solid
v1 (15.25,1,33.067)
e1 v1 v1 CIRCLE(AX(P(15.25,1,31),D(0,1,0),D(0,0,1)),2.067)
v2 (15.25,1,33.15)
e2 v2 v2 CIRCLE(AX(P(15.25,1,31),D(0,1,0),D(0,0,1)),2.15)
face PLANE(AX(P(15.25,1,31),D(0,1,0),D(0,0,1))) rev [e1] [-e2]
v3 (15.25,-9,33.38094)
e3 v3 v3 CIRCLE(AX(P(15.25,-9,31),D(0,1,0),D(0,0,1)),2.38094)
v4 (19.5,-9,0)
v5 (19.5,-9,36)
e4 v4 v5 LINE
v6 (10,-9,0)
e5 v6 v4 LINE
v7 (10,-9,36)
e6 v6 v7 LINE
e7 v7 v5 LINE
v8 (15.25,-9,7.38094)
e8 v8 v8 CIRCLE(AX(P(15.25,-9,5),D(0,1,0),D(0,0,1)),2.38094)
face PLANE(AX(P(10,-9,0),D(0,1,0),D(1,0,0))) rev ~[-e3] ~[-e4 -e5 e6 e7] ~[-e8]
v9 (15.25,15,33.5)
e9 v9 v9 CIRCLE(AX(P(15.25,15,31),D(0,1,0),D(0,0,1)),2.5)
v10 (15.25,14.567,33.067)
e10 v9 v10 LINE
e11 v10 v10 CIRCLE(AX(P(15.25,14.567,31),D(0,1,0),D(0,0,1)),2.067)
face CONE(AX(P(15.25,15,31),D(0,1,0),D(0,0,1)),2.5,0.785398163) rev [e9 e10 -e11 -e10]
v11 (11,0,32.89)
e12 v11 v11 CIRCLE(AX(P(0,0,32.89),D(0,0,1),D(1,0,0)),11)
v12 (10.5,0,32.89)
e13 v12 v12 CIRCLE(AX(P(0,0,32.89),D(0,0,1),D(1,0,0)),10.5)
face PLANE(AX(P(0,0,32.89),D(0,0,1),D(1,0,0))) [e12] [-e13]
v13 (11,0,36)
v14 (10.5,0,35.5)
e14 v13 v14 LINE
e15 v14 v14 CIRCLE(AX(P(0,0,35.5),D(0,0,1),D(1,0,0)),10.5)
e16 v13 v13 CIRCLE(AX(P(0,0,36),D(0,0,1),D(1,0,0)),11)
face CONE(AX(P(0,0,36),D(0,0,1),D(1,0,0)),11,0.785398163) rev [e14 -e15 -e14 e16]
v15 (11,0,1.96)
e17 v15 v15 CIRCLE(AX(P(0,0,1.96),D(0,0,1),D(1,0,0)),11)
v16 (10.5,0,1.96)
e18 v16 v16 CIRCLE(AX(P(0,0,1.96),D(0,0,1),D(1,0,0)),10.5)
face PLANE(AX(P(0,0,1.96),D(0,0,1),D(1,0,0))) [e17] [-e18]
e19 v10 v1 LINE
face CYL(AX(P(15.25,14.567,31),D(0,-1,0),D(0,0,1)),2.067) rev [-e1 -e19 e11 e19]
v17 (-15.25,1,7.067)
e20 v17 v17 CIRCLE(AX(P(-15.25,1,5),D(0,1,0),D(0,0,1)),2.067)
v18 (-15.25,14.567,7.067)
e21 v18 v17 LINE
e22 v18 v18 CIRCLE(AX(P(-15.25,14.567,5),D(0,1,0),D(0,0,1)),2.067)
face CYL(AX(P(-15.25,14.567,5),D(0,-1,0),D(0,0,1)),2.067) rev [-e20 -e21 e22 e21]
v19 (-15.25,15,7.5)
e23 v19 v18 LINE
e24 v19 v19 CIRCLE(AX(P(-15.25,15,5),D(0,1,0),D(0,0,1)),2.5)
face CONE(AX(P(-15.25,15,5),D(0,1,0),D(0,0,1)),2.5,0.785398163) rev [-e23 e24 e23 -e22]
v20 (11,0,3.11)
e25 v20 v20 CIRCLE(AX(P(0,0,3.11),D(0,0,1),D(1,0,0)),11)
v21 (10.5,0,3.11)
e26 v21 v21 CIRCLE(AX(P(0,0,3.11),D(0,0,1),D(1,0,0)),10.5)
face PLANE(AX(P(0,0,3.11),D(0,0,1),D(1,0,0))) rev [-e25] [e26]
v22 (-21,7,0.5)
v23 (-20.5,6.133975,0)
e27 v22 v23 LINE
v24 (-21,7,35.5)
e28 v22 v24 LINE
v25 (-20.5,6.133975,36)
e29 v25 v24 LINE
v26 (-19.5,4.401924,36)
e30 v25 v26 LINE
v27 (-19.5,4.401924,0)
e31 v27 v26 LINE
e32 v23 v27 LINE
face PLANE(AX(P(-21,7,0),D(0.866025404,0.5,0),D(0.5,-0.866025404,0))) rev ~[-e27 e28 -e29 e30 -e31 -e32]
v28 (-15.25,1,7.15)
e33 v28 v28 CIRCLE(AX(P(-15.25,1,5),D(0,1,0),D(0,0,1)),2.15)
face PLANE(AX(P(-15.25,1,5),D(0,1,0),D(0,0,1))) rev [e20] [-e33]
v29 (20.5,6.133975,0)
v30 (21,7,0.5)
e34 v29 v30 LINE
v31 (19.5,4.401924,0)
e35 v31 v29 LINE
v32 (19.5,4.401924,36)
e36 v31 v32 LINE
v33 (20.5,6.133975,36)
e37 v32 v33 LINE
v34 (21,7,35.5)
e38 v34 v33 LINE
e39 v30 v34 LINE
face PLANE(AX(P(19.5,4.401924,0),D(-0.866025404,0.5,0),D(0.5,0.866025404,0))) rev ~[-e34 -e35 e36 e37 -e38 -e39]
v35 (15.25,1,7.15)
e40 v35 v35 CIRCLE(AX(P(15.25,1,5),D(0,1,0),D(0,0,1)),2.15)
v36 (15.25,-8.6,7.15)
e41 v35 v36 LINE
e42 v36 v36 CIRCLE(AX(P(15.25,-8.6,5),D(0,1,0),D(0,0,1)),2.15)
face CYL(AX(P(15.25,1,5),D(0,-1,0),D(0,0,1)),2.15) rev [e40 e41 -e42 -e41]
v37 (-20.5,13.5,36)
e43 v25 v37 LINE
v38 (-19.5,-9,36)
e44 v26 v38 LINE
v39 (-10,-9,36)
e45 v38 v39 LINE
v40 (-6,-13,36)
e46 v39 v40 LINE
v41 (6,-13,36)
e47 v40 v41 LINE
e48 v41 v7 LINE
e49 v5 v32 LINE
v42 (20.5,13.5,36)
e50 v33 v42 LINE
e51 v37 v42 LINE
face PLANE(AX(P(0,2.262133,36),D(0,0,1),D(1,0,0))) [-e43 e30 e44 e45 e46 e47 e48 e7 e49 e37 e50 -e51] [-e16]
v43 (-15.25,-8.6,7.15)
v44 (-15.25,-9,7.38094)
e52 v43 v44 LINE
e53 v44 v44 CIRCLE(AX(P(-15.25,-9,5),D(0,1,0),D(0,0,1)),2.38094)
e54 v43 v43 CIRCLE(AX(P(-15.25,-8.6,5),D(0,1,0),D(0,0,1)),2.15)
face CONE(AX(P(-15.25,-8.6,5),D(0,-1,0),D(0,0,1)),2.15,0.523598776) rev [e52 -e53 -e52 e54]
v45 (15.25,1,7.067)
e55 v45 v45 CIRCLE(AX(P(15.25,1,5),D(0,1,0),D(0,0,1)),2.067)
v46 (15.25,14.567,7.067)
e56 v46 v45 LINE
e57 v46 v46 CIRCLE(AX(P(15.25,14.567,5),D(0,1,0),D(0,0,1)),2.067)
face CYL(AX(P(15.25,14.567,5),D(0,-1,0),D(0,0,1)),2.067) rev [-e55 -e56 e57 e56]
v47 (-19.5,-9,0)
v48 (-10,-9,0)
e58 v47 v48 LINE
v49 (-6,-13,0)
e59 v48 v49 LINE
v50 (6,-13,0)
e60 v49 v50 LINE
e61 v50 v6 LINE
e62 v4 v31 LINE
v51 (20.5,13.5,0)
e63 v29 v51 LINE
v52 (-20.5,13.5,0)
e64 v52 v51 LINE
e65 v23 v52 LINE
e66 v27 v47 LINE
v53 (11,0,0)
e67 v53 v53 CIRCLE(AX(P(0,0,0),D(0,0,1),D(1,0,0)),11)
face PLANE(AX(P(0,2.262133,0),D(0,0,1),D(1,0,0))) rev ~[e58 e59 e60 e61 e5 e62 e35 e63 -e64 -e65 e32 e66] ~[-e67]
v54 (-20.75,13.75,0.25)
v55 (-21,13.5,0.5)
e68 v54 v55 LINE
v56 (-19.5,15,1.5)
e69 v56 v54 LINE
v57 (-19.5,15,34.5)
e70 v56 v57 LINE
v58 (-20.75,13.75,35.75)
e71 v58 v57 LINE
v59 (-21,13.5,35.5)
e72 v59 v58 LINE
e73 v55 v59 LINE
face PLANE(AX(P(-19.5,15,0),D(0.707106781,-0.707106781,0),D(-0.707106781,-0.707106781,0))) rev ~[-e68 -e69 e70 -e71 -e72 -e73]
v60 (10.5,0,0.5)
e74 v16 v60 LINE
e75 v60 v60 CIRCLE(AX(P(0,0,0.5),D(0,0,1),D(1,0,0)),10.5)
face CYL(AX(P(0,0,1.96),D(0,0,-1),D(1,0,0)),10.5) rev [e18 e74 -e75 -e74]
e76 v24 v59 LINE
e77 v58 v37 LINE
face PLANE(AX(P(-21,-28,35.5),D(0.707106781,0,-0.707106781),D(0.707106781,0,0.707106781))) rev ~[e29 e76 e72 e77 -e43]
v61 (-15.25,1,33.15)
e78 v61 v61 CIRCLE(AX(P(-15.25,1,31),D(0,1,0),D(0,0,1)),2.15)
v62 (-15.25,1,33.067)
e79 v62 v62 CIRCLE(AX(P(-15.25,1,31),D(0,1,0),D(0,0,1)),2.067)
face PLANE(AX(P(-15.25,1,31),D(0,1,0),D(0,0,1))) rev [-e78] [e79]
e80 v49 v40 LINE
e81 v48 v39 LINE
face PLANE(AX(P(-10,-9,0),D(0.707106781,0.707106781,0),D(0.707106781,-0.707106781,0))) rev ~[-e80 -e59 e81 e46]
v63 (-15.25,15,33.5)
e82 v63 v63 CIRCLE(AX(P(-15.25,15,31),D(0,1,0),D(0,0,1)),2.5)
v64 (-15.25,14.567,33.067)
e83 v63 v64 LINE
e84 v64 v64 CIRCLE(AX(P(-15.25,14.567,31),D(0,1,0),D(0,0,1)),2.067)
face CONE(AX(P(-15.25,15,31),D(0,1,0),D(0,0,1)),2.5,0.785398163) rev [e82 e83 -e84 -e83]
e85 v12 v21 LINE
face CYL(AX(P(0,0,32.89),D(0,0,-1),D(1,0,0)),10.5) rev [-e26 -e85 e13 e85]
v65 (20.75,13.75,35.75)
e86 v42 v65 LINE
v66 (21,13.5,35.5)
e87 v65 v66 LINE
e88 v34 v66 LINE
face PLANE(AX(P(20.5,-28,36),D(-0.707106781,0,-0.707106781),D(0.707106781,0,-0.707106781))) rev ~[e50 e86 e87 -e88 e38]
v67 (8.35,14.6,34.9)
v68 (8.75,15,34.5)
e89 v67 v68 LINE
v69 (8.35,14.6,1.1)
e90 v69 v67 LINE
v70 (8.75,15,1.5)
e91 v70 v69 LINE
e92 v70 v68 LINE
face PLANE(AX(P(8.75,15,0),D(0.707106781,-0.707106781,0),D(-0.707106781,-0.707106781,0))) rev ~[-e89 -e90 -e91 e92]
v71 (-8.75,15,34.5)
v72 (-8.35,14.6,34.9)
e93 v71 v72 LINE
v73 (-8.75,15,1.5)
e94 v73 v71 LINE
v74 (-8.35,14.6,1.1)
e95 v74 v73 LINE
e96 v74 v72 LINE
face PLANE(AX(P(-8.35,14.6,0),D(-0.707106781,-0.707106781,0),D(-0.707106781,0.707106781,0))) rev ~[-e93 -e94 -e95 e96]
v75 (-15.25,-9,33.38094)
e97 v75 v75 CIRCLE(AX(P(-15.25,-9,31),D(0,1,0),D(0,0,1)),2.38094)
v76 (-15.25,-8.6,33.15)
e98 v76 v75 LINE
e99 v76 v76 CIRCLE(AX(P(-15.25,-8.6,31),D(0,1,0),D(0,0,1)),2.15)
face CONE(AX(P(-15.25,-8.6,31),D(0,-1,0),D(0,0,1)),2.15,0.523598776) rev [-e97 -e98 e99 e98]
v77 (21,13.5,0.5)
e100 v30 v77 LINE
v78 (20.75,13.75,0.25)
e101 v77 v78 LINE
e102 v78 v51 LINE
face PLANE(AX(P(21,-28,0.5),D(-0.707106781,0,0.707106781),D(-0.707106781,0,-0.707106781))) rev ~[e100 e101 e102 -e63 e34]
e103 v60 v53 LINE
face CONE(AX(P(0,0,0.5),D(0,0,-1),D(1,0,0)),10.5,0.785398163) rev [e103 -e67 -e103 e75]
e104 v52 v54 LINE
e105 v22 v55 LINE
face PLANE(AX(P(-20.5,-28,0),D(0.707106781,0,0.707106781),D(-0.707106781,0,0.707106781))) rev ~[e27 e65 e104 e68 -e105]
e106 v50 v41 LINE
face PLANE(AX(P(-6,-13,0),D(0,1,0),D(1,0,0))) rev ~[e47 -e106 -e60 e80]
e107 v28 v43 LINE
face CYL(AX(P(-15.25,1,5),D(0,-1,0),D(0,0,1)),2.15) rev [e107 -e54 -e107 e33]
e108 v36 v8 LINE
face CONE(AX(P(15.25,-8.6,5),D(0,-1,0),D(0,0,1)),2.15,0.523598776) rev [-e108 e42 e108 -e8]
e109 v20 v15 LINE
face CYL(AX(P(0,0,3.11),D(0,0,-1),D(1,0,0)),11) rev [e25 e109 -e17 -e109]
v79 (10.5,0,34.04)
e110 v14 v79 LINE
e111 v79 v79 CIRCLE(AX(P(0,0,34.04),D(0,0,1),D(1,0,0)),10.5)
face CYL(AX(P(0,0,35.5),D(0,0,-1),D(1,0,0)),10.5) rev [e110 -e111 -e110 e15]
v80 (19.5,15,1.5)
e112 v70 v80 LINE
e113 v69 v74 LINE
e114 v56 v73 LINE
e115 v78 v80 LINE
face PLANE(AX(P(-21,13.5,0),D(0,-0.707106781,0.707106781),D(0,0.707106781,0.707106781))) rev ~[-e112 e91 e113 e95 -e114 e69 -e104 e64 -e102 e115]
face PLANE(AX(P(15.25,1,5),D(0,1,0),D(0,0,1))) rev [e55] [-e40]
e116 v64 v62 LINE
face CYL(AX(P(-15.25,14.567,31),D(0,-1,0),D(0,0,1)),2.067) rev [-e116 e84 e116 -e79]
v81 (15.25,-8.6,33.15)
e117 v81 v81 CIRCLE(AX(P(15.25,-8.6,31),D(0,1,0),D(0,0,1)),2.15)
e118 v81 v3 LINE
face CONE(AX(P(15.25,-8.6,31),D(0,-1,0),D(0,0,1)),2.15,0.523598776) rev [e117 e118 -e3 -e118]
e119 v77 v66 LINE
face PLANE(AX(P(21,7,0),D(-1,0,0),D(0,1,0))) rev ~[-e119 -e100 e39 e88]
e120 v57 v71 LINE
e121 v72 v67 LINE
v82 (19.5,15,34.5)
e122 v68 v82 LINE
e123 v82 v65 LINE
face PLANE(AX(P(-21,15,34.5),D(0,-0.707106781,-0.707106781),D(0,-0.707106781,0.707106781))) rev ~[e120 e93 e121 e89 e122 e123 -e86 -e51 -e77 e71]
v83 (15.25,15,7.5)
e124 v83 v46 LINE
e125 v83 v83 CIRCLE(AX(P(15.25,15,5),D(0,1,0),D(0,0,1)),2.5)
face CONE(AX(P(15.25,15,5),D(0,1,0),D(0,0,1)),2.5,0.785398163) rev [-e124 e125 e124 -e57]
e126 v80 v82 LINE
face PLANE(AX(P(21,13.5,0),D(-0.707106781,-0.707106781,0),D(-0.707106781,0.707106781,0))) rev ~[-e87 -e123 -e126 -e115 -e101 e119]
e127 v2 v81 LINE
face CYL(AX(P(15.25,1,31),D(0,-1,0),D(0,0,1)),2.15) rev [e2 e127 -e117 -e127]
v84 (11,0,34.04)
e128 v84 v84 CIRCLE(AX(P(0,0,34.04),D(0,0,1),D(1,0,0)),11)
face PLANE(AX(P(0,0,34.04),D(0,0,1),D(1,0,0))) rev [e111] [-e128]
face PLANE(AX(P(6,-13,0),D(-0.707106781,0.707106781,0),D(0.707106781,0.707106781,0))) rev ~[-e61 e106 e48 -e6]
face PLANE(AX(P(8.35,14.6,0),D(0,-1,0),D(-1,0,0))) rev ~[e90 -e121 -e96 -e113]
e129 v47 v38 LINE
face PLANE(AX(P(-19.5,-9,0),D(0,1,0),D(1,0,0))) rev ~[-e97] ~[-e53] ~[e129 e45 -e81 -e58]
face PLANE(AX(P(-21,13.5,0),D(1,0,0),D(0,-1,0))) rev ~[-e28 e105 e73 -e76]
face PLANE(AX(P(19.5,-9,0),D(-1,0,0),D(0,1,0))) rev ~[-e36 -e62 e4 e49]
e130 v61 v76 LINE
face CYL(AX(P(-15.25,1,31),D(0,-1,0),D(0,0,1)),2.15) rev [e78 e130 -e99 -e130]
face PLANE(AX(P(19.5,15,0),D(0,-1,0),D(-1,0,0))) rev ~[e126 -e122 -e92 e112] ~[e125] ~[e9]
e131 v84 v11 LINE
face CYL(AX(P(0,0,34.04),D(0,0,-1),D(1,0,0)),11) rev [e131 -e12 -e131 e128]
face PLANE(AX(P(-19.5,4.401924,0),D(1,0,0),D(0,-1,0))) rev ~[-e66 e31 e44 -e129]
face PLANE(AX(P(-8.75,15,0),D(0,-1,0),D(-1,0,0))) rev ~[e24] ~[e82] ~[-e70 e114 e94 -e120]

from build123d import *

# Parameters (mm, degrees)
BOSS_EXTRUDE1_DEPTH     = 36
CUT_EXTRUDE1_DEPTH      = 21
CUT_EXTRUDE1_DEPTH_BACK = 21
SKETCH2_W               = 54
SKETCH2_H               = 56
CUT_EXTRUDE2_DEPTH      = 28
CUT_EXTRUDE2_DEPTH_BACK = 28
SKETCH4_W               = 52
SKETCH4_H               = 46


with BuildPart() as part:
    # Sketch1 → Boss-Extrude1 (new body)
    with BuildSketch(Plane.XY):
        Polygon((-21, 13.5), (-21, 7), (-19.5, 4.401923789), (-19.5, -9), (-10, -9), (-6, -13), (6, -13), (10, -9), (19.5, -9), (19.5, 4.401923789), (21, 7), (21, 13.5), (19.5, 15), (8.75, 15), (8.35, 14.6), (-8.35, 14.6), (-8.75, 15), (-19.5, 15), align=None)
    extrude(amount=BOSS_EXTRUDE1_DEPTH)

    # Sketch2 → Cut-Extrude1 (cut, two sides: drawn at the far end of the back side and taken through both)
    with BuildSketch(Plane(origin=(0, 0, 0), x_dir=(0, 0, -1), z_dir=(1, 0, 0)).offset(-CUT_EXTRUDE1_DEPTH_BACK)):
        with Locations((-18, 0)):
            Rectangle(SKETCH2_W, SKETCH2_H)
        Polygon((-36, 13.5), (-36, -13), (0, -13), (0, 13.5), (-1.5, 15), (-34.5, 15), align=None, mode=Mode.SUBTRACT)
    extrude(amount=CUT_EXTRUDE1_DEPTH + CUT_EXTRUDE1_DEPTH_BACK, mode=Mode.SUBTRACT)

    # Sketch3 → Cut-Revolve1 (revolve, cut)
    with BuildSketch(Plane(origin=(0, 0, 0), x_dir=(0, 0, -1), z_dir=(1, 0, 0)), mode=Mode.PRIVATE) as cut_revolve1_sk:
        Polygon((-36, 0), (-36, 11), (-35.5, 10.5), (-34.04, 10.5), (-34.04, 11), (-32.89, 11), (-32.89, 10.5), (-3.11, 10.5), (-3.11, 11), (-1.96, 11), (-1.96, 10.5), (-0.5, 10.5), (0, 11), (0, 0), align=None)
    revolve(cut_revolve1_sk.sketch.rotate(Axis((0, 0, 0), (0, 0, 1)), 270), axis=Axis((0, 0, 0), (0, 0, 1)), mode=Mode.SUBTRACT)

    # Sketch4 → Cut-Extrude2 (cut, two sides: drawn at the far end of the back side and taken through both)
    with BuildSketch(Plane(origin=(0, 0, 0), x_dir=(1, 0, 0), z_dir=(0, 1, 0)).offset(-CUT_EXTRUDE2_DEPTH_BACK)):
        with Locations((0, -18)):
            Rectangle(SKETCH4_W, SKETCH4_H)
        Polygon((-21, -0.5), (-21, -35.5), (-20.5, -36), (20.5, -36), (21, -35.5), (21, -0.5), (20.5, 0), (-20.5, 0), align=None, mode=Mode.SUBTRACT)
    extrude(amount=CUT_EXTRUDE2_DEPTH + CUT_EXTRUDE2_DEPTH_BACK, mode=Mode.SUBTRACT)

    # Sketch5 → Cut-Revolve2 (revolve, cut)
    with BuildSketch(Plane(origin=(15.25, 0, 0), x_dir=(0, 0, -1), z_dir=(1, 0, 0)), mode=Mode.PRIVATE) as cut_revolve2_sk:
        Polygon((-5, 15), (-2.5, 15), (-2.933, 14.567), (-2.933, 1), (-2.85, 1), (-2.85, -8.6), (-2.619059892, -9), (-5, -9), align=None)
    revolve(cut_revolve2_sk.sketch.rotate(Axis((15.25, -9, 5), (0, 1, 0)), 180), axis=Axis((15.25, -9, 5), (0, 1, 0)), mode=Mode.SUBTRACT)

    # Sketch6 → Cut-Revolve3 (revolve, cut)
    with BuildSketch(Plane(origin=(15.25, 0, 0), x_dir=(0, 0, -1), z_dir=(1, 0, 0)), mode=Mode.PRIVATE) as cut_revolve3_sk:
        Polygon((-31, 15), (-28.5, 15), (-28.933, 14.567), (-28.933, 1), (-28.85, 1), (-28.85, -8.6), (-28.619059892, -9), (-31, -9), align=None)
    revolve(cut_revolve3_sk.sketch.rotate(Axis((15.25, -9, 31), (0, 1, 0)), 180), axis=Axis((15.25, -9, 31), (0, 1, 0)), mode=Mode.SUBTRACT)

    # Sketch7 → Cut-Revolve4 (revolve, cut)
    with BuildSketch(Plane(origin=(-15.25, 0, 0), x_dir=(0, 0, -1), z_dir=(1, 0, 0)), mode=Mode.PRIVATE) as cut_revolve4_sk:
        Polygon((-5, 15), (-2.5, 15), (-2.933, 14.567), (-2.933, 1), (-2.85, 1), (-2.85, -8.6), (-2.619059892, -9), (-5, -9), align=None)
    revolve(cut_revolve4_sk.sketch.rotate(Axis((-15.25, -9, 5), (0, 1, 0)), 180), axis=Axis((-15.25, -9, 5), (0, 1, 0)), mode=Mode.SUBTRACT)

    # Sketch8 → Cut-Revolve5 (revolve, cut)
    with BuildSketch(Plane(origin=(-15.25, 0, 0), x_dir=(0, 0, -1), z_dir=(1, 0, 0)), mode=Mode.PRIVATE) as cut_revolve5_sk:
        Polygon((-31, 15), (-28.5, 15), (-28.933, 14.567), (-28.933, 1), (-28.85, 1), (-28.85, -8.6), (-28.619059892, -9), (-31, -9), align=None)
    revolve(cut_revolve5_sk.sketch.rotate(Axis((-15.25, -9, 31), (0, 1, 0)), 180), axis=Axis((-15.25, -9, 31), (0, 1, 0)), mode=Mode.SUBTRACT)


solid = part.part
